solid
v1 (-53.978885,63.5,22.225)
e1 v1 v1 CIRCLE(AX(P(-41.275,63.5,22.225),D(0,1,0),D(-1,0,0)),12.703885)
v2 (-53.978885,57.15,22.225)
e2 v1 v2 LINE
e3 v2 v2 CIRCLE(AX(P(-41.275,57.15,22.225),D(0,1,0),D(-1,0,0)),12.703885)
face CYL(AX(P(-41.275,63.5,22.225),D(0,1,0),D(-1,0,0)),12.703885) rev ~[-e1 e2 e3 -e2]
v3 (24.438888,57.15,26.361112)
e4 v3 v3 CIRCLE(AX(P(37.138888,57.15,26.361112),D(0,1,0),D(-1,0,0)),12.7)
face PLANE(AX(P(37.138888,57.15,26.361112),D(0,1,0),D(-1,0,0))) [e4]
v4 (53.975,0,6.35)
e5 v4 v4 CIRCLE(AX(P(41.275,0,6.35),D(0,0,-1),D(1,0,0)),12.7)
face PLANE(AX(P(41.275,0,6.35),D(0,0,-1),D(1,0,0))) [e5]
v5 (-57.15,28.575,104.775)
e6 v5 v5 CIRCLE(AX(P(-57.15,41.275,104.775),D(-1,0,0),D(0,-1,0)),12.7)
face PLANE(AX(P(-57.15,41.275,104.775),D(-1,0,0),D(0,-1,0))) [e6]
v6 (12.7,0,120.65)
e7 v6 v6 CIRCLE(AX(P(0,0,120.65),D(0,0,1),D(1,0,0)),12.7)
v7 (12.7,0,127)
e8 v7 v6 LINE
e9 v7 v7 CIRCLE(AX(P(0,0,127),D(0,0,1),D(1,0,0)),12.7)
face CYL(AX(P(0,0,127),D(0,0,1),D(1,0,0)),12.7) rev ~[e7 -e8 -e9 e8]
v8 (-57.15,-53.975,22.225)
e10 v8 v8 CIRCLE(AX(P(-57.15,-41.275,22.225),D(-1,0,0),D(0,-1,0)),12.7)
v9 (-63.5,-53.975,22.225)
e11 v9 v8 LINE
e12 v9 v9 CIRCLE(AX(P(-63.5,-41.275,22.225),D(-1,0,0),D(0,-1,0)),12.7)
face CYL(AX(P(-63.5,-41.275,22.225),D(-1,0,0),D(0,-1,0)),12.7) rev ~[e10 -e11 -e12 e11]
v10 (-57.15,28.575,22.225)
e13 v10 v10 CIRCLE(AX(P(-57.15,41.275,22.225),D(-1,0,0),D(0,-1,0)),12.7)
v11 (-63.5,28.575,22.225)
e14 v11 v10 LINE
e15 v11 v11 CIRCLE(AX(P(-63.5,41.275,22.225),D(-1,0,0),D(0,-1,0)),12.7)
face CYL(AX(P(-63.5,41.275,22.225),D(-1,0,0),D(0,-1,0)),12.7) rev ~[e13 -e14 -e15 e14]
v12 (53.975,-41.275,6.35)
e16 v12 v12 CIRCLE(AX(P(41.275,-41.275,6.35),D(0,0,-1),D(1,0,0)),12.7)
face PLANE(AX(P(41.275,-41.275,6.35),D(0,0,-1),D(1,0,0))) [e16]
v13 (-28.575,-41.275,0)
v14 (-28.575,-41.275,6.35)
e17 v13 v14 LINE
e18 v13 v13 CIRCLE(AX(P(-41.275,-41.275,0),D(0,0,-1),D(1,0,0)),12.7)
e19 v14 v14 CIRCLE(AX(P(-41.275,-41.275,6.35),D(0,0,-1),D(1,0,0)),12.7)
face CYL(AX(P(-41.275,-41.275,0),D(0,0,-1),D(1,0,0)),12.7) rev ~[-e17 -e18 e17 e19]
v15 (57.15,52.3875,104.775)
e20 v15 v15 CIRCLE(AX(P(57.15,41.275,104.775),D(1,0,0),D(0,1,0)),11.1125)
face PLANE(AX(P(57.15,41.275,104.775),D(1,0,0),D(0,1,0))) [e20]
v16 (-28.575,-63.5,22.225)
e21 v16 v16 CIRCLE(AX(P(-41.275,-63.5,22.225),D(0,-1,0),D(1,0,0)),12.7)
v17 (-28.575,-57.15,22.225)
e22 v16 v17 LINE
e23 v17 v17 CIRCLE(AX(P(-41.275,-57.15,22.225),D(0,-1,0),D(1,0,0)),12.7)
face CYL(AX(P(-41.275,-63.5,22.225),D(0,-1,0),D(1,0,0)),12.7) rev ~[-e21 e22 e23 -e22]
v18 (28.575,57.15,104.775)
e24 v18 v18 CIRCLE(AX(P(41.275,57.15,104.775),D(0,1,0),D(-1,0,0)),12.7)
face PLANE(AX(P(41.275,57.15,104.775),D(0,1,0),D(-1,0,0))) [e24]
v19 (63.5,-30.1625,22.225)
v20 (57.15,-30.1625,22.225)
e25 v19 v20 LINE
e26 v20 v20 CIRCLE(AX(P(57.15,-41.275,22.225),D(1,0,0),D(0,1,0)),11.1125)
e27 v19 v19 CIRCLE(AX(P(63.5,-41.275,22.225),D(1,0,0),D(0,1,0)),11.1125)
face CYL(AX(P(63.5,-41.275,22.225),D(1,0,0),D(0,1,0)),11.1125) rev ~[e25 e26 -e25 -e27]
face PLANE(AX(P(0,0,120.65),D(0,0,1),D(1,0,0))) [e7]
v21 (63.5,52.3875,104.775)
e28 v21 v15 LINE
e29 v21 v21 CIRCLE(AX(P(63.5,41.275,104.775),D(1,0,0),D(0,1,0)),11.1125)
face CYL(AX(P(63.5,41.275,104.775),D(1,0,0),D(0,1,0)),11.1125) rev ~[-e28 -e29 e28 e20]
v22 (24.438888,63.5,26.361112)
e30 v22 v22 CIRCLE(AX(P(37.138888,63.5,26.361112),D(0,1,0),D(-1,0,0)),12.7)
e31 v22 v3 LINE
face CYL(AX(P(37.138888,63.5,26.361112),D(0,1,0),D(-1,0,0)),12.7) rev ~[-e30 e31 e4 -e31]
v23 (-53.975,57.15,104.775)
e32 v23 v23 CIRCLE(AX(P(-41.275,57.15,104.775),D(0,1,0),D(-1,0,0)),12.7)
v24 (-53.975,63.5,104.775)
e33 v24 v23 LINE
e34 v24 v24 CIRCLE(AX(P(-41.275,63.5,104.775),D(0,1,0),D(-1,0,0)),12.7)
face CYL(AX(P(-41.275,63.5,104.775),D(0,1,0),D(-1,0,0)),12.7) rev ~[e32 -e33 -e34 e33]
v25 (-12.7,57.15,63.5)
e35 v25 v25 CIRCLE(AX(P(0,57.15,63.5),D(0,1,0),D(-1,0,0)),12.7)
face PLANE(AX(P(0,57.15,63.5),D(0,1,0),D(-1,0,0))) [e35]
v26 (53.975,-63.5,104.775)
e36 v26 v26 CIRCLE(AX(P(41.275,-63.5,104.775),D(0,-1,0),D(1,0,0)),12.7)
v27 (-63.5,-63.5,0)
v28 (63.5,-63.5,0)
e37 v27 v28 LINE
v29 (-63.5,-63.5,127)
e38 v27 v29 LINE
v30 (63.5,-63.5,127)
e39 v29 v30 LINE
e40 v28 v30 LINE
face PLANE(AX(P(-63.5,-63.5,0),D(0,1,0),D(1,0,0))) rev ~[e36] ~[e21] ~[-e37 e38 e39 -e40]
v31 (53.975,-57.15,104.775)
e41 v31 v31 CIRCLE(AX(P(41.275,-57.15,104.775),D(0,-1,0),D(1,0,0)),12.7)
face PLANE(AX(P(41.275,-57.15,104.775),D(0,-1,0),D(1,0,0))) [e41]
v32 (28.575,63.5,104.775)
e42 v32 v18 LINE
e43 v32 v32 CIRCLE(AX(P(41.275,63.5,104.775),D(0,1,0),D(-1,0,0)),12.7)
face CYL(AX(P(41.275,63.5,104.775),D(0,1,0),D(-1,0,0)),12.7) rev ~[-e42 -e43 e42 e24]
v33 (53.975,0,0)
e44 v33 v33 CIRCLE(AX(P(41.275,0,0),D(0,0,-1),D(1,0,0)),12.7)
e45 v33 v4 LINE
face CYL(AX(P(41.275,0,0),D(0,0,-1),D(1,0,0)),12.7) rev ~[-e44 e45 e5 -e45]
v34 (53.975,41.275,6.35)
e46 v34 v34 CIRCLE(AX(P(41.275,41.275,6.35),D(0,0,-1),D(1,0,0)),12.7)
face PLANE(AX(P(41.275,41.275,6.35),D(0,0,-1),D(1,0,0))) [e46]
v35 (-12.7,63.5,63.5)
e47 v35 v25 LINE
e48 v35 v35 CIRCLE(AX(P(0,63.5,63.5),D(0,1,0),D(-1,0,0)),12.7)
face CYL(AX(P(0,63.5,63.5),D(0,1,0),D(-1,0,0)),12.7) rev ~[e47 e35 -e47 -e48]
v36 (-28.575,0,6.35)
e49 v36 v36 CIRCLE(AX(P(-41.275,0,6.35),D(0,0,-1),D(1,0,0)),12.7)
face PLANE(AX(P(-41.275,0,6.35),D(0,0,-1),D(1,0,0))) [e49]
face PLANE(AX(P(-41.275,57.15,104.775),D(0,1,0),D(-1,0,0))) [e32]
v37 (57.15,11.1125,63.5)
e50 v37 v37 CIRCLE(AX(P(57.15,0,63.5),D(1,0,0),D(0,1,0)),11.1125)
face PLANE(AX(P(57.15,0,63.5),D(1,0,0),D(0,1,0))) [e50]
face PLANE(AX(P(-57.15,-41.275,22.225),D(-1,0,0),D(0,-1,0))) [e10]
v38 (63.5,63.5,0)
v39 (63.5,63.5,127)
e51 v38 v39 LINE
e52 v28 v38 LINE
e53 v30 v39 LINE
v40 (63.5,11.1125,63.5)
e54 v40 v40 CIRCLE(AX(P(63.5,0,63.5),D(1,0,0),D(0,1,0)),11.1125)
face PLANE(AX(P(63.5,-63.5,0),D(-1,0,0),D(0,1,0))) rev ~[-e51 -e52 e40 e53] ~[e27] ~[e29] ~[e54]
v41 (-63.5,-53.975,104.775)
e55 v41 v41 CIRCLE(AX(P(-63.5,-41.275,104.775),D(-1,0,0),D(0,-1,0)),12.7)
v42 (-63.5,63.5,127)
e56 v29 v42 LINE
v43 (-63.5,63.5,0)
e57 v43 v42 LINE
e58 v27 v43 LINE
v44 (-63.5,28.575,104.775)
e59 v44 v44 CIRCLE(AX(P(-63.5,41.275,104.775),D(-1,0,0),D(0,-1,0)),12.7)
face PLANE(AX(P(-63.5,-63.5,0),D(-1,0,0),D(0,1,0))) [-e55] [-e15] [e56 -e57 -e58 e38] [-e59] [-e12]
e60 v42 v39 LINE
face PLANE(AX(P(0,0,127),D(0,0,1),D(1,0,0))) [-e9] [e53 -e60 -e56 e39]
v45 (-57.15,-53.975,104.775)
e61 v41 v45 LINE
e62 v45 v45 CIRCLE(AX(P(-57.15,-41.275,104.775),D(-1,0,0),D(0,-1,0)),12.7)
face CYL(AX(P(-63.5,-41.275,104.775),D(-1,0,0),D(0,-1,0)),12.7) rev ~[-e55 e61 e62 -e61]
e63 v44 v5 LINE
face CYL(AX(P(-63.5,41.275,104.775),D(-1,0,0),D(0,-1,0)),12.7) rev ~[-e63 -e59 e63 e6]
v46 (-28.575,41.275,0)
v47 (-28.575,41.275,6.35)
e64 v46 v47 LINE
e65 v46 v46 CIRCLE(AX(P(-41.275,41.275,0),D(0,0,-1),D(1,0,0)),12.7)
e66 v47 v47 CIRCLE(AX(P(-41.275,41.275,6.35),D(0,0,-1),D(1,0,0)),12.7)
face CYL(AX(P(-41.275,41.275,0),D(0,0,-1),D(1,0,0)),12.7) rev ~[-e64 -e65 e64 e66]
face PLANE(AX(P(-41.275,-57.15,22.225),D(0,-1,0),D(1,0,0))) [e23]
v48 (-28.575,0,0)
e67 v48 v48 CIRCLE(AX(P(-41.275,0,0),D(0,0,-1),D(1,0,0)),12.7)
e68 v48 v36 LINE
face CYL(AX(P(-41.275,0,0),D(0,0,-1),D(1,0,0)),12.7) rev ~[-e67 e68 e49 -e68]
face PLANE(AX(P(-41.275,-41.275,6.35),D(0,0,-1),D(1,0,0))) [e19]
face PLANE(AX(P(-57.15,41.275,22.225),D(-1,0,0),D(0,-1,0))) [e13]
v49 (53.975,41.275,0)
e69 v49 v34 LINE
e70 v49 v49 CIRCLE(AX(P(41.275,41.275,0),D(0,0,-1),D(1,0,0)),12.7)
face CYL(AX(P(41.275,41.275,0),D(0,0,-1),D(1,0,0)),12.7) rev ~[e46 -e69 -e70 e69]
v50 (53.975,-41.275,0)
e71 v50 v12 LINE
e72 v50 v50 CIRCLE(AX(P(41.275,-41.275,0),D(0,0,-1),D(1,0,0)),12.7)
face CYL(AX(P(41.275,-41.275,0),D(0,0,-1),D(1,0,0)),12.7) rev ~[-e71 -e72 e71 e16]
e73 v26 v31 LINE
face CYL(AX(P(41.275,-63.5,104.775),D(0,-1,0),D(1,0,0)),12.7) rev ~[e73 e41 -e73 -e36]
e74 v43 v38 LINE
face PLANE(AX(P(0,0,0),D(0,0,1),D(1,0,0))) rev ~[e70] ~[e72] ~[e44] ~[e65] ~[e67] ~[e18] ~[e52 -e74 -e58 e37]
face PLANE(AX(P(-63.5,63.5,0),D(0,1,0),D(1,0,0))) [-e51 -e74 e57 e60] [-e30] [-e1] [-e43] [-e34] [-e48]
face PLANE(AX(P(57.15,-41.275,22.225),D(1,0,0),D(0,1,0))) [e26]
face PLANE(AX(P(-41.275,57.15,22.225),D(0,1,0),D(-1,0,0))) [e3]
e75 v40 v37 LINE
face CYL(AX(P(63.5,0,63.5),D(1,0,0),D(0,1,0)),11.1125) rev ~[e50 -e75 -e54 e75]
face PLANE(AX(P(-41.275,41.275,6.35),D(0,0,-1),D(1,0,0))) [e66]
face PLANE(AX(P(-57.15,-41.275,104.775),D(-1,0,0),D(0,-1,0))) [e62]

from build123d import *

# Parameters (mm, degrees)
F0_W      = 127
F0_H      = 127
F1_DEPTH  = 127
F2_R      = 12.7
F3_DEPTH  = 6.35
F4_R      = 12.7
F5_DEPTH  = 6.35
F6_R      = 11.1125
F7_DEPTH  = 6.35
F8_R      = 12.7
F9_DEPTH  = 6.35
F10_R     = 12.7
F10_R_2   = 12.703885
F11_DEPTH = 6.35
F12_R     = 12.7
F13_DEPTH = 6.35


with BuildPart() as f1:
    # F0 (on Top) → F1 (new body)
    with BuildSketch(Plane.XY):
        Rectangle(F0_W, F0_H)
    extrude(amount=F1_DEPTH)

    # F2 (on face) → F3 (cut)
    with BuildSketch(Plane.XY.offset(127)):
        Circle(F2_R)
    extrude(amount=-F3_DEPTH, mode=Mode.SUBTRACT)

    # F4 (on face) → F5 (cut)
    with BuildSketch(Plane.XZ.offset(63.5)):
        with Locations((-41.275, 22.225)):
            Circle(F4_R)
        with Locations((41.275, 104.775)):
            Circle(F4_R)
    extrude(amount=-F5_DEPTH, mode=Mode.SUBTRACT)

    # F6 (on face) → F7 (cut)
    with BuildSketch(Plane.YZ.offset(63.5)):
        with Locations((-41.275, 22.225)):
            Circle(F6_R)
        with Locations((41.275, 104.775)):
            Circle(F6_R)
        with Locations((0, 63.5)):
            Circle(F6_R)
    extrude(amount=-F7_DEPTH, mode=Mode.SUBTRACT)

    # F8 (on face) → F9 (cut)
    with BuildSketch(Plane(origin=(-63.5, 0, 0), x_dir=(0, -1, 0), z_dir=(-1, 0, 0))):
        with Locations((-41.275, 22.225)):
            Circle(F8_R)
        with Locations((41.275, 22.225)):
            Circle(F8_R)
        with Locations((41.275, 104.775)):
            Circle(F8_R)
        with Locations((-41.275, 104.775)):
            Circle(F8_R)
    extrude(amount=-F9_DEPTH, mode=Mode.SUBTRACT)

    # F10 (on face) → F11 (cut)
    with BuildSketch(Plane(origin=(0, 63.5, 0), x_dir=(-1, 0, 0), z_dir=(0, 1, 0))):
        with Locations((-41.275, 104.775)):
            Circle(F10_R)
        with Locations((41.275, 104.775)):
            Circle(F10_R)
        with Locations((41.275, 22.225)):
            Circle(F10_R_2)
        with Locations((-37.138888, 26.361112)):
            Circle(F10_R)
        with Locations((0, 63.5)):
            Circle(F10_R)
    extrude(amount=-F11_DEPTH, mode=Mode.SUBTRACT)

    # F12 (on face) → F13 (cut)
    with BuildSketch(Plane(origin=(0, 0, 0), x_dir=(1, 0, 0), z_dir=(0, 0, -1))):
        with Locations((-41.275, 41.275)):
            Circle(F12_R)
        with Locations((41.275, 41.275)):
            Circle(F12_R)
        with Locations((-41.275, 0)):
            Circle(F12_R)
        with Locations((-41.275, -41.275)):
            Circle(F12_R)
        with Locations((41.275, 0)):
            Circle(F12_R)
        with Locations((41.275, -41.275)):
            Circle(F12_R)
    extrude(amount=-F13_DEPTH, mode=Mode.SUBTRACT)


solid = f1.part
